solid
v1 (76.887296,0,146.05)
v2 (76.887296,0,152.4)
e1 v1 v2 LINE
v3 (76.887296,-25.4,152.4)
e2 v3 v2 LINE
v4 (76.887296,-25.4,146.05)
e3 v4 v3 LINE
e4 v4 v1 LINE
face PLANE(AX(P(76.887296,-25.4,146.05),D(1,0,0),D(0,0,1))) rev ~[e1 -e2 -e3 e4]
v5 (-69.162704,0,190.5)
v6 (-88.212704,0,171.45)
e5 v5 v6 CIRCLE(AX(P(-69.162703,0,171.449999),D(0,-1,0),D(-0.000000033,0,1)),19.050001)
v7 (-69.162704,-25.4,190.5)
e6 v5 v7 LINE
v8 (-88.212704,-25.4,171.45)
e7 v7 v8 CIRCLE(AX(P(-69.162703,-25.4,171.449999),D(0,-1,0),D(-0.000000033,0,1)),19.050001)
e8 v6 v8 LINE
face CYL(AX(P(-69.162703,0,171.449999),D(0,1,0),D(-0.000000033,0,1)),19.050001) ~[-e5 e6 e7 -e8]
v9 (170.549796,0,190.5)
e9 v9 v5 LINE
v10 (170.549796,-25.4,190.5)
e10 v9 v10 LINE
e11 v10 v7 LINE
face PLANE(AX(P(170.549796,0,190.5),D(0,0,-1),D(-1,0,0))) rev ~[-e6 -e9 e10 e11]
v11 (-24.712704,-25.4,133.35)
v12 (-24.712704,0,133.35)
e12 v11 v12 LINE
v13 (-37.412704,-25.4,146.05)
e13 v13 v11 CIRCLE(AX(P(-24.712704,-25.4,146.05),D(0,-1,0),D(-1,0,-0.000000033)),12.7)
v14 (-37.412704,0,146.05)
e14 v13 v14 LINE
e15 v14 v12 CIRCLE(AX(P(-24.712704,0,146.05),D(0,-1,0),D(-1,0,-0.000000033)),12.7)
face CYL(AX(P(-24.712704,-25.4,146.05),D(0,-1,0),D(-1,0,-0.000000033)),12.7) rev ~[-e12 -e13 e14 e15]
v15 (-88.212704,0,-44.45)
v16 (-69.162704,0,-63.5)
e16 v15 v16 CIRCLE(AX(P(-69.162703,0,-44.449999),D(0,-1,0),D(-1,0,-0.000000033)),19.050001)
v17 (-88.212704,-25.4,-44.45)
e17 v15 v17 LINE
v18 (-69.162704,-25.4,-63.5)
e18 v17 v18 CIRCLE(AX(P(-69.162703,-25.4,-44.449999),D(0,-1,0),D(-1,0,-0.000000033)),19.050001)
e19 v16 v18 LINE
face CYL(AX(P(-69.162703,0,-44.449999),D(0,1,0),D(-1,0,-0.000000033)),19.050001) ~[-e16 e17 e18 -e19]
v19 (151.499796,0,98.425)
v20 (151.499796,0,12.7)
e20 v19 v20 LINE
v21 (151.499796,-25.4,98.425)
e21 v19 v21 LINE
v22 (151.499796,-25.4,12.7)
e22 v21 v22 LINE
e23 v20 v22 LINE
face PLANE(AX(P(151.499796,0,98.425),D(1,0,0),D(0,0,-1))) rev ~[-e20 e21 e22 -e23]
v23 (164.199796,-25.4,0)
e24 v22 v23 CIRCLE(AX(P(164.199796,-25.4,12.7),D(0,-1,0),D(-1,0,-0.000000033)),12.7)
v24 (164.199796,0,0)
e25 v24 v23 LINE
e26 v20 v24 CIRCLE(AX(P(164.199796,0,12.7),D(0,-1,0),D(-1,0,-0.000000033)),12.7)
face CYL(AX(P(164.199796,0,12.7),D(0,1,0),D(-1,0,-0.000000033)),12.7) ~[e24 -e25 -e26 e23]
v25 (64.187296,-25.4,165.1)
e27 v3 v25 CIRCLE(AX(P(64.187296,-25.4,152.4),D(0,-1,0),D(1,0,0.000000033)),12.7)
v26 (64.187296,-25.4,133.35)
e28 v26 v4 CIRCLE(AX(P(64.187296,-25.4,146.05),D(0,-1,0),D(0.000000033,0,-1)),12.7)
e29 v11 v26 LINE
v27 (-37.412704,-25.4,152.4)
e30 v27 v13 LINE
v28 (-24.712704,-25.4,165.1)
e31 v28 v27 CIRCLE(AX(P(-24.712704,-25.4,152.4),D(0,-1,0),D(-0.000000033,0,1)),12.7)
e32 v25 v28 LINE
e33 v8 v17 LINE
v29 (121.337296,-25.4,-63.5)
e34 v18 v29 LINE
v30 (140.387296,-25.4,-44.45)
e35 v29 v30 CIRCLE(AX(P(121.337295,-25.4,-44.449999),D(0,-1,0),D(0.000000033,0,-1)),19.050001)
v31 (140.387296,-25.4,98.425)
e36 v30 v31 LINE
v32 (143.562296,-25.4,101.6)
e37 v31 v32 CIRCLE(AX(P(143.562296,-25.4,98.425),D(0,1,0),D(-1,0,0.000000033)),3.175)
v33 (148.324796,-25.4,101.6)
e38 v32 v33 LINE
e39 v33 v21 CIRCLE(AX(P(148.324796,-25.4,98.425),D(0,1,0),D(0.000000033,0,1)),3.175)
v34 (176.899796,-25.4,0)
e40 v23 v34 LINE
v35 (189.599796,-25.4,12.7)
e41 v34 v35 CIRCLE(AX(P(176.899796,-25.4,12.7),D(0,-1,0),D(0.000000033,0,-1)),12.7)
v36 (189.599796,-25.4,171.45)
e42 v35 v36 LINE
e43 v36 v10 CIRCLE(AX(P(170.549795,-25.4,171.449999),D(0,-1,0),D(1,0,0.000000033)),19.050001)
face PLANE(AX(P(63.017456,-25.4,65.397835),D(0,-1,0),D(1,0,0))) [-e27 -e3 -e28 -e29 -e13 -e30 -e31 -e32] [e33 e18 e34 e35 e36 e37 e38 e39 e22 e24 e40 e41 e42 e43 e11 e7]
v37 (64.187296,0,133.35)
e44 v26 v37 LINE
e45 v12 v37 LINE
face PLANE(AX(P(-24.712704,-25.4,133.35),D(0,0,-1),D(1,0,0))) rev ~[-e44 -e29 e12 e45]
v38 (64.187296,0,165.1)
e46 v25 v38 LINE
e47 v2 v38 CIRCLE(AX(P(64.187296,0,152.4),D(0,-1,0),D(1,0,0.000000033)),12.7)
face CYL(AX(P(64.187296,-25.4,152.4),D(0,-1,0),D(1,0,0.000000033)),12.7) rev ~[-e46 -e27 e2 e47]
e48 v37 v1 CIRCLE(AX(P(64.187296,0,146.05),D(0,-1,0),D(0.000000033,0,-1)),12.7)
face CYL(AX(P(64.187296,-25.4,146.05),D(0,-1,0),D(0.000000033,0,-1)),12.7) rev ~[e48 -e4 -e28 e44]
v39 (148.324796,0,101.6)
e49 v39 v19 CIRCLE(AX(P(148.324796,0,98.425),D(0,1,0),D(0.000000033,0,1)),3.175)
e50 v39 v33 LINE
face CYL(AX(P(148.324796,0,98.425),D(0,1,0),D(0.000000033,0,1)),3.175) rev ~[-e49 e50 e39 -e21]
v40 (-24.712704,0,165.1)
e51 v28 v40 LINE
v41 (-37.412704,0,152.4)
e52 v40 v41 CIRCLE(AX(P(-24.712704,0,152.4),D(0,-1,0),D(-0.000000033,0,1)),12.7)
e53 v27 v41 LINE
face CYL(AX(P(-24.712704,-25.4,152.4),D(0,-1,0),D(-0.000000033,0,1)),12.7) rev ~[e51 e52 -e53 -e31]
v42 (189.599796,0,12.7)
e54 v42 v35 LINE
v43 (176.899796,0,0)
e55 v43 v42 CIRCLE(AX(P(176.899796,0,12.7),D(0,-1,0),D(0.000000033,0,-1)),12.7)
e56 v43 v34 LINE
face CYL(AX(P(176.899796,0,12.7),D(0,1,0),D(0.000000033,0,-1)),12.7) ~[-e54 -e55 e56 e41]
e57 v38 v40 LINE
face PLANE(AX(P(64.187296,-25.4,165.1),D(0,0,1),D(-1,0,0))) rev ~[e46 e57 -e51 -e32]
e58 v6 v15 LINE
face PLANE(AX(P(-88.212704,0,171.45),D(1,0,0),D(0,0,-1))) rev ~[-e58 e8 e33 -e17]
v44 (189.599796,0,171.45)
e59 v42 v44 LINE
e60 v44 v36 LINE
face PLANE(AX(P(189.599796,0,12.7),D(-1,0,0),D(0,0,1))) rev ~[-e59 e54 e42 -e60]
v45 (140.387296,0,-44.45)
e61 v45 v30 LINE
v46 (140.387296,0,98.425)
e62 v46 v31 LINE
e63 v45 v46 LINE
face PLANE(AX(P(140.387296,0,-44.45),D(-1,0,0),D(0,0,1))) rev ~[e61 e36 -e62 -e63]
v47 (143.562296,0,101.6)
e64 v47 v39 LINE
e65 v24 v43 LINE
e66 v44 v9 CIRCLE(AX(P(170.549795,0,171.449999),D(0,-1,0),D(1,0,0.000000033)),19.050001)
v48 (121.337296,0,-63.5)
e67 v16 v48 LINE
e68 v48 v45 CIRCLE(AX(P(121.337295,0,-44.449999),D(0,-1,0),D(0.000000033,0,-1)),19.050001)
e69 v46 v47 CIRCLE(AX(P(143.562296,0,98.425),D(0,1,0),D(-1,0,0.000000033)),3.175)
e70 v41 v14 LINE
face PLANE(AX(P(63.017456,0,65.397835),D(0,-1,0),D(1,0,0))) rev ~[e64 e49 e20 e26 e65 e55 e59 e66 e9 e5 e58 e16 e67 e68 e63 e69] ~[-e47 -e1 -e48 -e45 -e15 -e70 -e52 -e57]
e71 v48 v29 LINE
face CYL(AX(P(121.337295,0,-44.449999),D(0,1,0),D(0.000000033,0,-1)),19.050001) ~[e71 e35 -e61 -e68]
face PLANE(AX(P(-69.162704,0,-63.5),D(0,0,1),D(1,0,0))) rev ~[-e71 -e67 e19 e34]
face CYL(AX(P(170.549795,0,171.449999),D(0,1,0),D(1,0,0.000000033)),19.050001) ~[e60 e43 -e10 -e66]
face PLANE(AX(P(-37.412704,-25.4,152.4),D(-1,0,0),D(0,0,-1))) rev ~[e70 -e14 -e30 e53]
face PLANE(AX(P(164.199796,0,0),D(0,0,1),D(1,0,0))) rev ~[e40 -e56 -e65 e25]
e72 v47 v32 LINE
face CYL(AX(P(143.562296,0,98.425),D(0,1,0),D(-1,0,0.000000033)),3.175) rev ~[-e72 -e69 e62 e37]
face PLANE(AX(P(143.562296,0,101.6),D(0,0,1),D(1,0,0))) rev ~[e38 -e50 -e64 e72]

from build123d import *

# Parameters (mm, degrees)
F1_DEPTH = 25.4
F3_DEPTH = 25.401


with BuildPart() as f1:
    # F0 (on Front) → F1 (new body)
    with BuildSketch(Plane.XZ):
        with BuildLine():
            Line((170.549796, 190.5), (-69.162704, 190.5))
            ThreePointArc((-69.162704, 190.5), (-82.633088, 184.920384), (-88.212704, 171.45))
            Line((-88.212704, 171.45), (-88.212704, -44.45))
            ThreePointArc((-88.212704, -44.45), (-82.633088, -57.920384), (-69.162704, -63.5))
            Line((-69.162704, -63.5), (121.337296, -63.5))
            ThreePointArc((121.337296, -63.5), (134.80768, -57.920384), (140.387296, -44.45))
            Line((140.387296, -44.45), (140.387296, 98.425))
            ThreePointArc((140.387296, 98.425), (141.317232, 100.670064), (143.562296, 101.6))
            Line((143.562296, 101.6), (148.324796, 101.6))
            ThreePointArc((148.324796, 101.6), (150.56986, 100.670064), (151.499796, 98.425))
            Line((151.499796, 98.425), (151.499796, 12.7))
            ThreePointArc((151.499796, 12.7), (155.21954, 3.719744), (164.199796, 0))
            Line((164.199796, 0), (176.899796, 0))
            ThreePointArc((176.899796, 0), (185.880052, 3.719744), (189.599796, 12.7))
            Line((189.599796, 12.7), (189.599796, 171.45))
            ThreePointArc((189.599796, 171.45), (184.02018, 184.920384), (170.549796, 190.5))
        make_face()
    extrude(amount=F1_DEPTH)

    # F2 (on face) → F3 (cut, through all)
    with BuildSketch(Plane.XZ.offset(25.4)):
        with BuildLine():
            Line((64.187296, 165.1), (-24.712704, 165.1))
            ThreePointArc((-24.712704, 165.1), (-33.69296, 161.380256), (-37.412704, 152.4))
            Line((-37.412704, 152.4), (-37.412704, 146.05))
            ThreePointArc((-37.412704, 146.05), (-33.69296, 137.069744), (-24.712704, 133.35))
            Line((-24.712704, 133.35), (64.187296, 133.35))
            ThreePointArc((64.187296, 133.35), (73.167552, 137.069744), (76.887296, 146.05))
            Line((76.887296, 146.05), (76.887296, 152.4))
            ThreePointArc((76.887296, 152.4), (73.167552, 161.380256), (64.187296, 165.1))
        make_face()
    extrude(amount=-F3_DEPTH, mode=Mode.SUBTRACT)


solid = f1.part
